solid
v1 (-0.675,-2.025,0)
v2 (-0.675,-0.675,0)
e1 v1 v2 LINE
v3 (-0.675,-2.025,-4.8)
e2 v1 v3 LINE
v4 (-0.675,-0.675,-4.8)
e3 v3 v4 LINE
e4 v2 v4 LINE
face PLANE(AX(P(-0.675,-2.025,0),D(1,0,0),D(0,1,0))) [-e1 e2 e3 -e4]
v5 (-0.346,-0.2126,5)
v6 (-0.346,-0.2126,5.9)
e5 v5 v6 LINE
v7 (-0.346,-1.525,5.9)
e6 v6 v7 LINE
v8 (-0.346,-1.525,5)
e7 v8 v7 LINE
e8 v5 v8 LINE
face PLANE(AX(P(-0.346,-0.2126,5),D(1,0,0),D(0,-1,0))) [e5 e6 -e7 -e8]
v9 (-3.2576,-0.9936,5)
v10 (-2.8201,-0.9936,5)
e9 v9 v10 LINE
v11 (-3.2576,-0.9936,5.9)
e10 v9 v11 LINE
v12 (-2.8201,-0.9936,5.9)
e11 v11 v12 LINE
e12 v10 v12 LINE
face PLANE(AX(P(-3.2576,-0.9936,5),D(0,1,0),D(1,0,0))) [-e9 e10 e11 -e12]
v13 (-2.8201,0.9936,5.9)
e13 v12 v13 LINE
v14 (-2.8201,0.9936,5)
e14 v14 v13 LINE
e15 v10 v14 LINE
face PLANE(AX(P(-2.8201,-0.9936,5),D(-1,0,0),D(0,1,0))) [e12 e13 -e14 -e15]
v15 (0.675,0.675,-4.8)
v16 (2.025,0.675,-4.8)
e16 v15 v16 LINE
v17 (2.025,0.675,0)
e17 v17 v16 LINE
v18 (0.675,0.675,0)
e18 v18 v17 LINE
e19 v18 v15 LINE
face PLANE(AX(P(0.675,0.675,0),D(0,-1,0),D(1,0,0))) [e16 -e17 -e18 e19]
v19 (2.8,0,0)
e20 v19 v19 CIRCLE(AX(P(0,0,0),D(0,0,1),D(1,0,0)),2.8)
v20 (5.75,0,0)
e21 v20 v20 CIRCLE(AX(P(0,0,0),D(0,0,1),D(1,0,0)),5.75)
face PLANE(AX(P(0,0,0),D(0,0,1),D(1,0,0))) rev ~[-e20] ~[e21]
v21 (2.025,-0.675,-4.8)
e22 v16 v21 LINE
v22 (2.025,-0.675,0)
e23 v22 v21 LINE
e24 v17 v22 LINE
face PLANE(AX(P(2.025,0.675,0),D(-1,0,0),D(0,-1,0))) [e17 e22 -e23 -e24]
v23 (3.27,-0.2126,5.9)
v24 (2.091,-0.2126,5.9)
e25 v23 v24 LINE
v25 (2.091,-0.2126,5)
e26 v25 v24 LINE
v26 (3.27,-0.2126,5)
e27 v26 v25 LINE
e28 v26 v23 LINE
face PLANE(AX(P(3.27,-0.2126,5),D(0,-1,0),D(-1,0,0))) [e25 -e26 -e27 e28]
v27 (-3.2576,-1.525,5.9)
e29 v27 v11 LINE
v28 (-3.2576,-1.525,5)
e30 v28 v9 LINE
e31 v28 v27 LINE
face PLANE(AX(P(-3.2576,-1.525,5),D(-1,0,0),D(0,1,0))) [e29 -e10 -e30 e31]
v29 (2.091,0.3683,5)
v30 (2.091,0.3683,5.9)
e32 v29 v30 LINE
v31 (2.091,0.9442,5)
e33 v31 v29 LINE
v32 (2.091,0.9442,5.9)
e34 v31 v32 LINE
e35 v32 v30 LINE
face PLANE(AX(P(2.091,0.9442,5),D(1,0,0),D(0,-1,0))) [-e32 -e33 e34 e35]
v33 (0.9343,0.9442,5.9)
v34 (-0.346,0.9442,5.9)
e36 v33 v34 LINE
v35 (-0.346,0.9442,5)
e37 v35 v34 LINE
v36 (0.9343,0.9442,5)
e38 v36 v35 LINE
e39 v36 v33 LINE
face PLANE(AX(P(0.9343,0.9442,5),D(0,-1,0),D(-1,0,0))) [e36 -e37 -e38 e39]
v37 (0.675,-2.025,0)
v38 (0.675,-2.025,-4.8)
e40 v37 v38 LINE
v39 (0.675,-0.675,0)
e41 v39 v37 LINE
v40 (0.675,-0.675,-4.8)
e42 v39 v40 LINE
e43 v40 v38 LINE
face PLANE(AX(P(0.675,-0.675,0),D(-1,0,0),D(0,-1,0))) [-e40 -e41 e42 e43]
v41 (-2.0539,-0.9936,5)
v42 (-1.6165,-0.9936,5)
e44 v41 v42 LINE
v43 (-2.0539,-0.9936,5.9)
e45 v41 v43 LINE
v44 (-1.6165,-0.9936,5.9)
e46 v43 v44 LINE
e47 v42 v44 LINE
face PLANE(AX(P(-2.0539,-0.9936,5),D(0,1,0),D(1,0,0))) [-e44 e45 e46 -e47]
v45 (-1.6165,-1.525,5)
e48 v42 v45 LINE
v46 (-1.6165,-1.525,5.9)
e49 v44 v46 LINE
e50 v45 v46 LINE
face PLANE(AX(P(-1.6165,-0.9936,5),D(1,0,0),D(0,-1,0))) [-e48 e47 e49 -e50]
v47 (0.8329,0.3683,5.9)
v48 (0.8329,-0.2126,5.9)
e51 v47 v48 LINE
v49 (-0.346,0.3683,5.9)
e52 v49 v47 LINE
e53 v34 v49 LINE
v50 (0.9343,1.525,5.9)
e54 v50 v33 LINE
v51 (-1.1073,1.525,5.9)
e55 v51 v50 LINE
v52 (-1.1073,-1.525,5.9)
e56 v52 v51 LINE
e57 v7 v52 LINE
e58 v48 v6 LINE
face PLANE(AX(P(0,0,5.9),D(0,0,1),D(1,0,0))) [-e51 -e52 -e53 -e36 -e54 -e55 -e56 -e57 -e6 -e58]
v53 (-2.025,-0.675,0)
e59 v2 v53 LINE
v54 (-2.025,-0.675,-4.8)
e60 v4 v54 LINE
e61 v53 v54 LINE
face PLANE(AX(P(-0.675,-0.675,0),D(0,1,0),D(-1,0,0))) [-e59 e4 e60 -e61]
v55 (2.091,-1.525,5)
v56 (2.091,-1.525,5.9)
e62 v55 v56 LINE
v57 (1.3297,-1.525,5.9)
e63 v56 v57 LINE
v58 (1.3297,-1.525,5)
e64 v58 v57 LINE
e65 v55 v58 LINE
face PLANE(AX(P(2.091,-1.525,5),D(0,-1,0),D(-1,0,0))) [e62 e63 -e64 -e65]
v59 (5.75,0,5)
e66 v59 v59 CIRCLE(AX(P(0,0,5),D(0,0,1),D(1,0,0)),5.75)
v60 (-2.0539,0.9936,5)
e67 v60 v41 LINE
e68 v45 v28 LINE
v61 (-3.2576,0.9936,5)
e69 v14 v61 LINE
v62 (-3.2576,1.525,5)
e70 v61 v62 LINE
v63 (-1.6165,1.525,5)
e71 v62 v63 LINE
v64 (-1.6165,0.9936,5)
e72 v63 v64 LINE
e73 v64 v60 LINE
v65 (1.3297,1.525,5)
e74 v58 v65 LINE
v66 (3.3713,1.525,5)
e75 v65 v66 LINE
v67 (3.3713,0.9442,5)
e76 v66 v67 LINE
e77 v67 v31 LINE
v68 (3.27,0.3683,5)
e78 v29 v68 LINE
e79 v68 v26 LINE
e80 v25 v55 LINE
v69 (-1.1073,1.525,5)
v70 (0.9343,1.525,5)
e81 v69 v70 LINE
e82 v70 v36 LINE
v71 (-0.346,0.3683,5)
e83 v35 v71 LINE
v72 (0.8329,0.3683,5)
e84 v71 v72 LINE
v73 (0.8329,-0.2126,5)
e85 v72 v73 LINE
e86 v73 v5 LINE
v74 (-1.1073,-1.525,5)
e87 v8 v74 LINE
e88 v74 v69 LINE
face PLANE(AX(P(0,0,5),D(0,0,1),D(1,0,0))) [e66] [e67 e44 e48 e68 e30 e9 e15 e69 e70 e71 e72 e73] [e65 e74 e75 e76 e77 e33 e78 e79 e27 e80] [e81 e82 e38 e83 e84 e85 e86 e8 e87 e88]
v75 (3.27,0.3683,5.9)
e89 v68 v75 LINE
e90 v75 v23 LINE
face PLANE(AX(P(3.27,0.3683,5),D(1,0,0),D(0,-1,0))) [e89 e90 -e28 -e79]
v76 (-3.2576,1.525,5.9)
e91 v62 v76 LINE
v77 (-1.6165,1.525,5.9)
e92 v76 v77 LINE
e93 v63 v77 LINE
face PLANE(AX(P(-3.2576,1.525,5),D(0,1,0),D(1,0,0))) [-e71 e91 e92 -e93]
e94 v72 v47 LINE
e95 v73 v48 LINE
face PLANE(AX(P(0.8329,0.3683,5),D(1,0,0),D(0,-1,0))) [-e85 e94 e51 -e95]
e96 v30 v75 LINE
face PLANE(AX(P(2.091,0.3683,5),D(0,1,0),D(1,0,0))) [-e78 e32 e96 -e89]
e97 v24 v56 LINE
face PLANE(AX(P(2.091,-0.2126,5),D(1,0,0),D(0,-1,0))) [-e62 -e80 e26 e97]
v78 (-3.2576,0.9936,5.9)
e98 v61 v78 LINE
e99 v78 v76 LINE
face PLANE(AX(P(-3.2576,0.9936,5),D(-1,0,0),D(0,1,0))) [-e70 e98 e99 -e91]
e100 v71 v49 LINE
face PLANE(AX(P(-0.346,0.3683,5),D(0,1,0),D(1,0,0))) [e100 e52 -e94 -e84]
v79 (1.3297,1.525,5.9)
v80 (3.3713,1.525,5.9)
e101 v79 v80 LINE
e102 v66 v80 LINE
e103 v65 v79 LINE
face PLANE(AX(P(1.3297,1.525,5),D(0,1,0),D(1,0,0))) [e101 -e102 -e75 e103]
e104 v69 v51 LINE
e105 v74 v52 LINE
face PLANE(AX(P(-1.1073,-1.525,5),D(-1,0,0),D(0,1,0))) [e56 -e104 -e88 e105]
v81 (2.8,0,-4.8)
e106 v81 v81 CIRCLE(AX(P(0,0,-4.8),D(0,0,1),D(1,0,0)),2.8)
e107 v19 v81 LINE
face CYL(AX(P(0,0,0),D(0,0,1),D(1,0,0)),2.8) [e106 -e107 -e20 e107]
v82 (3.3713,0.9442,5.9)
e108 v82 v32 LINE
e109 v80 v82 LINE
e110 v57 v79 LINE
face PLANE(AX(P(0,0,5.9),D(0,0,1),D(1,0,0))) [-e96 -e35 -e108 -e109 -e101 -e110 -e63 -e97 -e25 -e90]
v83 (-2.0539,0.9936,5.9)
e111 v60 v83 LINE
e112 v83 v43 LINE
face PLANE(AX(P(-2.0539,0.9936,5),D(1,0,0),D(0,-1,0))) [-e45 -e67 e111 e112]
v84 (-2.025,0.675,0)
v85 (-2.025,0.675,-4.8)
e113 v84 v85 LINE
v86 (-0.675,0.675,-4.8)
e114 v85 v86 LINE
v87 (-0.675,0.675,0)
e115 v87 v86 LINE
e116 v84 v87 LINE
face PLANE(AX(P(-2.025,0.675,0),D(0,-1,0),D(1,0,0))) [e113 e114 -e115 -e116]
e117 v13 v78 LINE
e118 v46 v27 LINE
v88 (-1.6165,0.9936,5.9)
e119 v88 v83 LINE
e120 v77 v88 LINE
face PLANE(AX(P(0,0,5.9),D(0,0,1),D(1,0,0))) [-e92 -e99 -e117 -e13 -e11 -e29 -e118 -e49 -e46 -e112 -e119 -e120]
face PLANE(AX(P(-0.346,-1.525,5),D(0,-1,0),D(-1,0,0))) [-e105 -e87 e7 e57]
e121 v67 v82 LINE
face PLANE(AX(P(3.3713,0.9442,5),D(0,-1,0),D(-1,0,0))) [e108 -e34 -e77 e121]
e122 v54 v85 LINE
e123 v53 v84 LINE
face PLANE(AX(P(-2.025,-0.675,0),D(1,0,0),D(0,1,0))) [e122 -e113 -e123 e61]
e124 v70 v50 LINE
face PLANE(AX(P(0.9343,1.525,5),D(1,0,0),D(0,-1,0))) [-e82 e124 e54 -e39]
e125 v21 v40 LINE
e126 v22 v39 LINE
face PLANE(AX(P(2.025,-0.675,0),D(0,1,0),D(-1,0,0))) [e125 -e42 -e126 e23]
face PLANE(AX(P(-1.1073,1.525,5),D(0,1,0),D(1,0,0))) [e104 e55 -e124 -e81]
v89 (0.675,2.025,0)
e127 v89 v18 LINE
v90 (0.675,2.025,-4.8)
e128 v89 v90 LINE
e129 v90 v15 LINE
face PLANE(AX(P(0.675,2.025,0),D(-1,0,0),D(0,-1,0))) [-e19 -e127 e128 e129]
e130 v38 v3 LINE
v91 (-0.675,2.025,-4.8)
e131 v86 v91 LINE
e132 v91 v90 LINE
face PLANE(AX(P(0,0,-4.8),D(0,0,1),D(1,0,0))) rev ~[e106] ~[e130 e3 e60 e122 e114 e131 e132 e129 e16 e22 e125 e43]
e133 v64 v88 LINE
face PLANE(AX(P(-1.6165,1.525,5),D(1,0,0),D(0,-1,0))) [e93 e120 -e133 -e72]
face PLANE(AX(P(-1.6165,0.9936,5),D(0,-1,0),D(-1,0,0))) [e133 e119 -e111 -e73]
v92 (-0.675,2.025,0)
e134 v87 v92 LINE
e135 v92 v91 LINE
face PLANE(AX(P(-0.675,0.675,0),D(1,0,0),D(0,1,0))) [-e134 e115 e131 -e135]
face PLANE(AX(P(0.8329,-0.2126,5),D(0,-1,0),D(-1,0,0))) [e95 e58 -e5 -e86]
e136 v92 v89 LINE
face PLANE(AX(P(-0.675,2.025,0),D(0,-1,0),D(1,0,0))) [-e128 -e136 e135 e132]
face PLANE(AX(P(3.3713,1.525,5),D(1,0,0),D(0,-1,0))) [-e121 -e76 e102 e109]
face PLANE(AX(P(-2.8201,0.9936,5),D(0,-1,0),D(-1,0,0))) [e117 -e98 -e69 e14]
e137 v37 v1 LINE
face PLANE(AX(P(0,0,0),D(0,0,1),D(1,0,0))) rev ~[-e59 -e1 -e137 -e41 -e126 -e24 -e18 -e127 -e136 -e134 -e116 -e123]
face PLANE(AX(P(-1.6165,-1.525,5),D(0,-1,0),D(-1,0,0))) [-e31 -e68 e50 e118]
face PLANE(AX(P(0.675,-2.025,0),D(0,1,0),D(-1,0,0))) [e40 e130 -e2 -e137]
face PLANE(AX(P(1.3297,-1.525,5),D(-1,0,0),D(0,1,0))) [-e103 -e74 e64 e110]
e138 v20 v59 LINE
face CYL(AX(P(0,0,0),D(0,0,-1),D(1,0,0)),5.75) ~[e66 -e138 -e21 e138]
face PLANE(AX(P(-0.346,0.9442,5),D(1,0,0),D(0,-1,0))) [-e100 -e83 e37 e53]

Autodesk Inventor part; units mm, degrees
ref_plane "YZ Plane" through (0, 0, 0) normal (1, 0, 0) x (0, 1, 0)
ref_plane "XZ Plane" through (0, 0, 0) normal (0, 1, 0) x (-1, 0, 0)
ref_plane "XY Plane" through (0, 0, 0) normal (0, 0, 1) x (1, 0, 0)
sketch "Sketch1" plane through (0, 0, 0) normal (0, 0, 1) x (1, 0, 0)
  circle A0 centre (0, 0) radius 6.22 construction
  circle A1 centre (0, 0) radius 2.8
  line L0 (-0.675, 0.675) -> (-0.675, 2.025)
  line L1 (-0.675, 2.025) -> (0.675, 2.025)
  line L2 (0.675, 2.025) -> (0.675, 0.675)
  line L3 (0.675, 0.675) -> (2.025, 0.675)
  line L4 (2.025, 0.675) -> (2.025, -0.675)
  line L5 (2.025, -0.675) -> (0.675, -0.675)
  line L6 (0.675, -0.675) -> (0.675, -2.025)
  line L7 (0.675, -2.025) -> (-0.675, -2.025)
  line L8 (-0.675, -2.025) -> (-0.675, -0.675)
  line L9 (-0.675, -0.675) -> (-2.025, -0.675)
  line L10 (-2.025, -0.675) -> (-2.025, 0.675)
  line L11 (-2.025, 0.675) -> (-0.675, 0.675)
  circle A2 centre (0, 0) radius 5.75
  point P0 (-6.07, -6.1)
  dimension "d0" = 12.44
  dimension "d1" = 0.47
extrude "Extrusion1" add sketch "Sketch1" along normal blind 5 contours A1 | L0 L1 L2 L3 L4 L5 L6 L7 L8 L9 L10 L11 | A2
extrude "Extrusion2" add sketch "Sketch1" against normal blind 4.8 contours A1
sketch "Sketch2" plane through (0, 0, 5) normal (0, 0, 1) x (1, 0, 0)
  point P0 (0, 0)
sketch "Sketch3" plane through (0, 0, 5) normal (0, 0, 1) x (1, 0, 0)
  line L0 (-3.4504, 1.525) -> (3.4504, 1.525) construction
  line L1 (3.4504, 1.525) -> (3.4504, -1.525) construction
  line L2 (3.4504, -1.525) -> (-3.4504, -1.525) construction
  line L3 (-3.4504, -1.525) -> (-3.4504, 1.525) construction
  line L4 (-1.6165, -1.525) -> (-3.2576, -1.525)
  line L5 (-3.2576, -1.525) -> (-3.2576, -0.9936)
  line L6 (-3.2576, -0.9936) -> (-2.8201, -0.9936)
  line L7 (-2.8201, -0.9936) -> (-2.8201, 0.9936)
  line L8 (-2.8201, 0.9936) -> (-3.2576, 0.9936)
  line L9 (-3.2576, 0.9936) -> (-3.2576, 1.525)
  line L10 (-3.2576, 1.525) -> (-1.6165, 1.525)
  line L11 (-1.6165, 1.525) -> (-1.6165, 0.9936)
  line L12 (-1.6165, 0.9936) -> (-2.0539, 0.9936)
  line L13 (-2.0539, 0.9936) -> (-2.0539, -0.9936)
  line L14 (-2.0539, -0.9936) -> (-1.6165, -0.9936)
  line L15 (-1.6165, -0.9936) -> (-1.6165, -1.525)
  line L16 (0.9343, 0.9442) -> (-0.346, 0.9442)
  line L17 (-0.346, 0.9442) -> (-0.346, 0.3683)
  line L18 (-0.346, 0.3683) -> (0.8329, 0.3683)
  line L19 (0.8329, 0.3683) -> (0.8329, -0.2126)
  line L20 (0.8329, -0.2126) -> (-0.346, -0.2126)
  line L21 (-0.346, -0.2126) -> (-0.346, -1.525)
  line L22 (-0.346, -1.525) -> (-1.1073, -1.525)
  line L23 (-1.1073, -1.525) -> (-1.1073, 1.525)
  line L24 (-1.1073, 1.525) -> (0.9343, 1.525)
  line L25 (0.9343, 1.525) -> (0.9343, 0.9442)
  line L26 (3.3713, 0.9442) -> (2.091, 0.9442)
  line L27 (2.091, 0.9442) -> (2.091, 0.3683)
  line L28 (2.091, 0.3683) -> (3.27, 0.3683)
  line L29 (3.27, 0.3683) -> (3.27, -0.2126)
  line L30 (3.27, -0.2126) -> (2.091, -0.2126)
  line L31 (2.091, -0.2126) -> (2.091, -1.525)
  line L32 (2.091, -1.525) -> (1.3297, -1.525)
  line L33 (1.3297, -1.525) -> (1.3297, 1.525)
  line L34 (1.3297, 1.525) -> (3.3713, 1.525)
  line L35 (3.3713, 1.525) -> (3.3713, 0.9442)
  point P0 (0, 0)
  point P1 (0, -1.525)
  point P2 (0, 0)
extrude "Extrusion4" add sketch "Sketch3" along normal blind 0.9
properties part number "IPC IFF"
